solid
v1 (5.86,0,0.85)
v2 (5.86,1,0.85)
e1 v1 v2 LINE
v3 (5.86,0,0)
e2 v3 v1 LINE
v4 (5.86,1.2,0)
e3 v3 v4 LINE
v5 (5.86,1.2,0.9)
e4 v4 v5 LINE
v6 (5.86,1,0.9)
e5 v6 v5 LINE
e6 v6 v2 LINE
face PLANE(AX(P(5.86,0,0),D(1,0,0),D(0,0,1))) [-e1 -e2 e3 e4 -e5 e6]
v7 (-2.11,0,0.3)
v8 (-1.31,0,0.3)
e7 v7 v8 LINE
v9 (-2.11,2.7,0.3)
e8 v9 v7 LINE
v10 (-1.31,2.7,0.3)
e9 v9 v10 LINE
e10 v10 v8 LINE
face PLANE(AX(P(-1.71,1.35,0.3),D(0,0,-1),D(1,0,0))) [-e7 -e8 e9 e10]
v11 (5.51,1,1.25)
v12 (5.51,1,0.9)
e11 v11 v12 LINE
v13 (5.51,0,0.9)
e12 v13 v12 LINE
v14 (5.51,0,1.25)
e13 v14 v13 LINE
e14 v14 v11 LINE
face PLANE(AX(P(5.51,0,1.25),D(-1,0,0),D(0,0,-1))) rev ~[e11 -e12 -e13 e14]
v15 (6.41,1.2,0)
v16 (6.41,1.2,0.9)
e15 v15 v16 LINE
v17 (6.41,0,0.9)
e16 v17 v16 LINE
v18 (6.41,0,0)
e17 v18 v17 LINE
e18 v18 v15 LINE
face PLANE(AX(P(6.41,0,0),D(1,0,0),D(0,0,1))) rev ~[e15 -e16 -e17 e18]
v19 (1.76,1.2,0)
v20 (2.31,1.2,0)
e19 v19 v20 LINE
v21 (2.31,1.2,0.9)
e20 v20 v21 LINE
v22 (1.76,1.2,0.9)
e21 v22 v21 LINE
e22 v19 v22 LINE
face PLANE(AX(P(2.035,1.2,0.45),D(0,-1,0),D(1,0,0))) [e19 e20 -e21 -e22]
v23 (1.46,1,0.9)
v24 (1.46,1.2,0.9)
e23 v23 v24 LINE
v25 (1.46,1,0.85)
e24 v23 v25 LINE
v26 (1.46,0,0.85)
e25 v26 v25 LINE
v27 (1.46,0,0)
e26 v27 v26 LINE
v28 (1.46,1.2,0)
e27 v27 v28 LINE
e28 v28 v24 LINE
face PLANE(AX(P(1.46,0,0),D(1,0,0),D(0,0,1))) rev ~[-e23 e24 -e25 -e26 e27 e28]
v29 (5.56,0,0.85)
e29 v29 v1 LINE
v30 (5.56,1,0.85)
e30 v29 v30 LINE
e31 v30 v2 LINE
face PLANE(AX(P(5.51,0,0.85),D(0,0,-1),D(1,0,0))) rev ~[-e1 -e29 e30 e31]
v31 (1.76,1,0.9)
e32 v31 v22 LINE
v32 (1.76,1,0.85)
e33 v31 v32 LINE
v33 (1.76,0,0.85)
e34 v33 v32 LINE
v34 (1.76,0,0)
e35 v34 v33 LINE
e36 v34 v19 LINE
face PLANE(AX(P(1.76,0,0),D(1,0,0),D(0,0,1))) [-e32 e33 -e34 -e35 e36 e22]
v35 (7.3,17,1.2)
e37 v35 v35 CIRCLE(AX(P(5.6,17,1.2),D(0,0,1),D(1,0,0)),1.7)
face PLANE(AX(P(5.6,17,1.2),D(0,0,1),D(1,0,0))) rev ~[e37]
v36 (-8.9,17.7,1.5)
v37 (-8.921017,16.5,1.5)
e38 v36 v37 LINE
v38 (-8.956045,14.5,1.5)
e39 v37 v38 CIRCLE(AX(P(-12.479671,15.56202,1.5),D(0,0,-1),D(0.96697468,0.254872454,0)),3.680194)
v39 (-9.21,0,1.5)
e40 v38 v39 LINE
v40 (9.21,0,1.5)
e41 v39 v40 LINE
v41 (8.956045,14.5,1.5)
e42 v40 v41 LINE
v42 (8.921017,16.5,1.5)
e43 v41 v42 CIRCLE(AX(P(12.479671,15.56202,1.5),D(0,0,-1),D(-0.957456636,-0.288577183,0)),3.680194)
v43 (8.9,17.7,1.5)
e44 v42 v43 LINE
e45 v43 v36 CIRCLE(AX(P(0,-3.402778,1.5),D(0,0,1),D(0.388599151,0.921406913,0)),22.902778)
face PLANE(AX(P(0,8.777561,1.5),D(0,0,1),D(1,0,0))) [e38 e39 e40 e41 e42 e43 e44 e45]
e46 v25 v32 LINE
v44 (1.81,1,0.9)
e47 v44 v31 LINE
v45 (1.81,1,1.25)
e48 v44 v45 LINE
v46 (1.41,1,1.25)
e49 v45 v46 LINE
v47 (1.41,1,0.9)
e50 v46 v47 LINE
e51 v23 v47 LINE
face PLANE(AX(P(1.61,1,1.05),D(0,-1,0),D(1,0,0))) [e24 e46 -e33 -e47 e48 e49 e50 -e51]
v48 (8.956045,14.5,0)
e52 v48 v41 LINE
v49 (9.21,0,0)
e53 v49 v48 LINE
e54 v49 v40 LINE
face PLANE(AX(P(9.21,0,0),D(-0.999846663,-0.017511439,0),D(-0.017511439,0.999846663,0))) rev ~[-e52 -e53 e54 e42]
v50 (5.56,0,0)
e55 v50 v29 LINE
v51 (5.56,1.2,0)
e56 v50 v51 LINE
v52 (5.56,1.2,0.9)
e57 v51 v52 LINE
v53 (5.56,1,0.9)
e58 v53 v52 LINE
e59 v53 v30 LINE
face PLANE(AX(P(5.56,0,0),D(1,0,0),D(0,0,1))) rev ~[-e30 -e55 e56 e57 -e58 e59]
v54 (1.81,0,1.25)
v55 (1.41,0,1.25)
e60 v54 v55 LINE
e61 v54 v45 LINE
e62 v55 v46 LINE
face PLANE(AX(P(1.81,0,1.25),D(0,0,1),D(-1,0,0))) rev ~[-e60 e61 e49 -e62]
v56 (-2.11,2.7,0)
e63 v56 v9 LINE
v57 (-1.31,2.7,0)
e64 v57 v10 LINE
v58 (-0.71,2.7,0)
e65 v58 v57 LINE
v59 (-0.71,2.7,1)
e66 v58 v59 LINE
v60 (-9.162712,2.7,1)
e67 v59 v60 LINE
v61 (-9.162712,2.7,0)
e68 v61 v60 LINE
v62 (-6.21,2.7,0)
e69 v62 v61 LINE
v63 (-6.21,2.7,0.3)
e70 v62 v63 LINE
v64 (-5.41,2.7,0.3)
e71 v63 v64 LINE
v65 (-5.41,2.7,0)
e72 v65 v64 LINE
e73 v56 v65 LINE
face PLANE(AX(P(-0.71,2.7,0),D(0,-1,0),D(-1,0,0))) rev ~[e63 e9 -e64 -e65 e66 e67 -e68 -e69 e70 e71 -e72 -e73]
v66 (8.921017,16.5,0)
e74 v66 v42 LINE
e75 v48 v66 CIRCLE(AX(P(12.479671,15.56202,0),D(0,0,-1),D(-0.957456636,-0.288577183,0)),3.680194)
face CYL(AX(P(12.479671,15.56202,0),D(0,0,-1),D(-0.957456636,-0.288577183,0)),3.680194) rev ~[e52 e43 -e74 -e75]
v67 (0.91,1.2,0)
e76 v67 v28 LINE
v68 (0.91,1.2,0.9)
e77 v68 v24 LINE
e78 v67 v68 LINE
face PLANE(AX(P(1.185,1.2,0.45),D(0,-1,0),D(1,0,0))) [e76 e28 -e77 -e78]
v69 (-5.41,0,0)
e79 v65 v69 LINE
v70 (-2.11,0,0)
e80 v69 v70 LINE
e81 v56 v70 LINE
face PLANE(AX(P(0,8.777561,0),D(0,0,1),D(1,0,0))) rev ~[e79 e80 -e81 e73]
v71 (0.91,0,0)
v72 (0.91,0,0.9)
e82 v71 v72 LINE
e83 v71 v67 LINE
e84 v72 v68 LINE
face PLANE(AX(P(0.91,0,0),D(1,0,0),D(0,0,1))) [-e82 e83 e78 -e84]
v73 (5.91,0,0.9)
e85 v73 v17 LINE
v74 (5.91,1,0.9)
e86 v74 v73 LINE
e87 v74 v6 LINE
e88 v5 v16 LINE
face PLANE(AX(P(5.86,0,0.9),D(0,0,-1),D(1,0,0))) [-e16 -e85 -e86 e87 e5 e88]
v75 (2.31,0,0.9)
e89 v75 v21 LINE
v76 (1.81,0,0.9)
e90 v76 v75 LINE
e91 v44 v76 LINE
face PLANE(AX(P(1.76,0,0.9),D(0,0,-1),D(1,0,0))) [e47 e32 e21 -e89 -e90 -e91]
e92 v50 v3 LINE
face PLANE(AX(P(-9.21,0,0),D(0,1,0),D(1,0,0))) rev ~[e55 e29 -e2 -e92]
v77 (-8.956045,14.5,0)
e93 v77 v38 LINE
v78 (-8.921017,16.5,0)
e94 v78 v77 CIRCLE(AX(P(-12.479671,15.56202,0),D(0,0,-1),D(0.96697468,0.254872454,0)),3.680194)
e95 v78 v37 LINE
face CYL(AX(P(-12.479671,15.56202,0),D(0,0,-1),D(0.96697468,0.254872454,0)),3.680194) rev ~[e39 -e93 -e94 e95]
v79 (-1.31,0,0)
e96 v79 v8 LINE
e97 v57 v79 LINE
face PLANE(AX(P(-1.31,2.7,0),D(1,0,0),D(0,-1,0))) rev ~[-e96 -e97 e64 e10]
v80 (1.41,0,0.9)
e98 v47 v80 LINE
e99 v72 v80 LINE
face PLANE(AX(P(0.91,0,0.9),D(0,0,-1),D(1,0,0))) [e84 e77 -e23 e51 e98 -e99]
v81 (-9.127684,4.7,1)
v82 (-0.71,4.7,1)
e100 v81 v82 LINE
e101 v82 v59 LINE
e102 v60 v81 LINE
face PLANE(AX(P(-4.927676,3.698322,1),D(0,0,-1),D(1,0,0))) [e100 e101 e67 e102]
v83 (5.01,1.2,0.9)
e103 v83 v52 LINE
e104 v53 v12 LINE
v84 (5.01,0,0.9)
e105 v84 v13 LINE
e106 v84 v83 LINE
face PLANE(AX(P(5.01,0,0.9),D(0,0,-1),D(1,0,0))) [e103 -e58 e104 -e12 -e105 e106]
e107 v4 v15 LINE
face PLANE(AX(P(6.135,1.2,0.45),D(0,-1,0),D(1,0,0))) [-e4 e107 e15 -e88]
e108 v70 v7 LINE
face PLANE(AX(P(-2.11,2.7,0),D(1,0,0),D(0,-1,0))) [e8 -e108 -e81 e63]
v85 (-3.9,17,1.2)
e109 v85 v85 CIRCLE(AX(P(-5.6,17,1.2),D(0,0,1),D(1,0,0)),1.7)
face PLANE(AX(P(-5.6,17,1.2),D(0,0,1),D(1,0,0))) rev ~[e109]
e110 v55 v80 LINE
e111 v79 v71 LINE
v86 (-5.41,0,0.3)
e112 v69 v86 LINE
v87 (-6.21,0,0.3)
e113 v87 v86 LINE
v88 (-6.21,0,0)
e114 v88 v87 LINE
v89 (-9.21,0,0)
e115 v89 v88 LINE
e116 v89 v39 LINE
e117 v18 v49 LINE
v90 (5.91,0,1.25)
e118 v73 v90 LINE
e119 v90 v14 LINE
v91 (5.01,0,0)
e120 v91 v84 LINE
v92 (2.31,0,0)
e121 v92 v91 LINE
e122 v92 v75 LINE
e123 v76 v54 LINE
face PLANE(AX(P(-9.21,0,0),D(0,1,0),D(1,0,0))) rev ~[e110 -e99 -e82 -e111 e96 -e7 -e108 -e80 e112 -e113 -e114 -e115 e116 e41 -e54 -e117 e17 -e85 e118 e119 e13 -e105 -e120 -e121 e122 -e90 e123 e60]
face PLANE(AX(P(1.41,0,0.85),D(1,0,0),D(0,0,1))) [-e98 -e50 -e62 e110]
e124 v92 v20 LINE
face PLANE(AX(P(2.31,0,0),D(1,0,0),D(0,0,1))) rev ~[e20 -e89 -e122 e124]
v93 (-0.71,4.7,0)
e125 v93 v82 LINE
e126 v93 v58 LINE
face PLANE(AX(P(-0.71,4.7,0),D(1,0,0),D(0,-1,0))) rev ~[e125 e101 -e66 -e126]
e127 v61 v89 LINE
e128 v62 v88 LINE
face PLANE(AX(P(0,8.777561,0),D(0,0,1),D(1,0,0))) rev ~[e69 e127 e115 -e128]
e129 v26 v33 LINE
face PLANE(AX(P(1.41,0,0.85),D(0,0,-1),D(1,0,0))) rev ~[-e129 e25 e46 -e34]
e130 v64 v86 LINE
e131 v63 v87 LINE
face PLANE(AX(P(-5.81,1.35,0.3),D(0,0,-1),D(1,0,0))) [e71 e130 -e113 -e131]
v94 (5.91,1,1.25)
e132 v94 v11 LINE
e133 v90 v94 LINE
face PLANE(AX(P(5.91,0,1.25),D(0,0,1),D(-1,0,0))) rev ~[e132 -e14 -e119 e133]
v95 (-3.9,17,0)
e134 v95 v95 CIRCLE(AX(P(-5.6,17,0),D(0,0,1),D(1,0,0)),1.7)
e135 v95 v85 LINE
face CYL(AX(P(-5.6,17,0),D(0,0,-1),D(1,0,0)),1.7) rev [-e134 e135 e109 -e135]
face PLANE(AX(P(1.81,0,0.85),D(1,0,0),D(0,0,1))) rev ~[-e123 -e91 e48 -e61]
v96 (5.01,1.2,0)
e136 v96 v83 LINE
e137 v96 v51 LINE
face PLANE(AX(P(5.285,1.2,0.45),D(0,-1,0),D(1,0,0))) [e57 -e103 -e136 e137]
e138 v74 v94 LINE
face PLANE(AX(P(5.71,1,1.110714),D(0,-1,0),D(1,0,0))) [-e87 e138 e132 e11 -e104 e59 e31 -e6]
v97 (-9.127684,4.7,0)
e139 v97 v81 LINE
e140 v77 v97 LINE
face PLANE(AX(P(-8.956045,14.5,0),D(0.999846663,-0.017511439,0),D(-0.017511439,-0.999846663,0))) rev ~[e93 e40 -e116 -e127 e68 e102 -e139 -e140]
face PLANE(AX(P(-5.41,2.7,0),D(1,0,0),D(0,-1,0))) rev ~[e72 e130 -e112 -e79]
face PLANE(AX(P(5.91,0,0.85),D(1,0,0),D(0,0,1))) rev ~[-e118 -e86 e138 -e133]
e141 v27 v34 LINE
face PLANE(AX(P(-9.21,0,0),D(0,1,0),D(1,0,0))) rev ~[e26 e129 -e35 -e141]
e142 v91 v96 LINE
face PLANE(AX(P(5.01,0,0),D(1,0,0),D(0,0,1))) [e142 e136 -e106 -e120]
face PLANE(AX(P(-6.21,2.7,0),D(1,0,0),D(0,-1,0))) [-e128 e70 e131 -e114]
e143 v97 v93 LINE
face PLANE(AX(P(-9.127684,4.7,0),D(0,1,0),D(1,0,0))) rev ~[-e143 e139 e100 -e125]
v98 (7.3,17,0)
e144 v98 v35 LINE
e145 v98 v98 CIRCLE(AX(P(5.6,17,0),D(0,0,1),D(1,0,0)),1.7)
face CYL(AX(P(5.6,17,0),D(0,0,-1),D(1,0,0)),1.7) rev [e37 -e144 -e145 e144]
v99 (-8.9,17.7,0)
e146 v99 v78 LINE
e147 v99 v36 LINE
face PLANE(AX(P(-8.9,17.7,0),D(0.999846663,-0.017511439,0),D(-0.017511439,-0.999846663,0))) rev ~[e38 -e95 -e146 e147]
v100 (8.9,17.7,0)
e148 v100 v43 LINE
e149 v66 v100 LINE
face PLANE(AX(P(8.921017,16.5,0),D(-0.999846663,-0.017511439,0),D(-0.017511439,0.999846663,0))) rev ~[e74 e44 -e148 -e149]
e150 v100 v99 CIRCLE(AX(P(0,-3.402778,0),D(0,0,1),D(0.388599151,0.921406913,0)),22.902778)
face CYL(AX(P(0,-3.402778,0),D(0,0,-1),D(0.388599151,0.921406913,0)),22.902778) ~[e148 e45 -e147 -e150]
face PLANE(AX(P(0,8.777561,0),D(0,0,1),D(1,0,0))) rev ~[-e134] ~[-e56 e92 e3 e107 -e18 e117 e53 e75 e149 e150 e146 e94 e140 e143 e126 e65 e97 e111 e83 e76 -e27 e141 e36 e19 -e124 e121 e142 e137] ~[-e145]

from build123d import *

# Parameters (mm, degrees)
F1_DEPTH  = 1.5
F2_R      = 1.7
F3_DEPTH  = 1.2
F5_DEPTH  = 1
F6_W      = 0.8
F6_H      = 2.7
F7_DEPTH  = 0.3
F8_W      = 0.55
F8_H      = 0.9
F9_DEPTH  = 1.2
F10_W     = 0.3
F10_H     = 0.3
F10_W_2   = 0.0500000367
F10_H_2   = 0.05
F10_W_3   = 0.0499999633
F11_DEPTH = 1


with BuildPart() as f1:
    # F0 (on Top) → F1 (new body)
    with BuildSketch(Plane.XY):
        with BuildLine():
            Line((-8.9560451977, 14.5), (-9.21, 0))
            Line((-9.21, 0), (9.21, 0))
            Line((9.21, 0), (8.9560451977, 14.5))
            ThreePointArc((8.9560451977, 14.5), (8.8000416812, 15.4975744796), (8.9210169492, 16.5))
            Line((8.9210169492, 16.5), (8.9, 17.7))
            Line((8.9, 17.7), (-8.9, 17.7))
            Line((-8.9, 17.7), (-8.9210169492, 16.5))
            ThreePointArc((-8.9210169492, 16.5), (-8.8000416812, 15.4975744796), (-8.9560451977, 14.5))
        make_face()
        with BuildLine():
            ThreePointArc((8.9, 17.7), (0, 19.5), (-8.9, 17.7))
            Line((-8.9, 17.7), (8.9, 17.7))
        make_face()
    extrude(amount=F1_DEPTH)

    # F2 (on Top) → F3 (cut)
    with BuildSketch(Plane.XY):
        with Locations((5.6, 17)):
            Circle(F2_R)
        with Locations((-5.6, 17)):
            Circle(F2_R)
    extrude(amount=F3_DEPTH, mode=Mode.SUBTRACT)

    # F4 (on face) → F5 (cut)
    with BuildSketch(Plane(origin=(0, 0, 0), x_dir=(1, 0, 0), z_dir=(0, 0, -1))):
        Polygon((-9.1276836158, -4.7), (-0.71, -4.7), (-0.71, -2.7), (-9.1627118644, -2.7), align=None)
    extrude(amount=-F5_DEPTH, mode=Mode.SUBTRACT)

    # F6 (on face) → F7 (cut)
    with BuildSketch(Plane(origin=(0, 0, 0), x_dir=(1, 0, 0), z_dir=(0, 0, -1))):
        with Locations((-1.71, -1.35)):
            Rectangle(F6_W, F6_H)
        with Locations((-5.81, -1.35)):
            Rectangle(F6_W, F6_H)
    extrude(amount=-F7_DEPTH, mode=Mode.SUBTRACT)

    # F8 (on face) → F9 (cut)
    with BuildSketch(Plane.XZ):
        with Locations((6.135, 0.45)):
            Rectangle(F8_W, F8_H)
        with Locations((5.285, 0.45)):
            Rectangle(F8_W, F8_H)
        with Locations((1.185, 0.45)):
            Rectangle(F8_W, F8_H)
        with Locations((2.035, 0.45)):
            Rectangle(F8_W, F8_H)
    extrude(amount=-F9_DEPTH, mode=Mode.SUBTRACT)

    # F10 (on face) → F11 (cut)
    with BuildSketch(Plane.XZ):
        with Locations((1.6100000367, 1.05)):
            Rectangle(F10_W, F10_H)
        with Locations((1.7850000184, 0.875)):
            Rectangle(F10_W_2, F10_H_2)
        with Locations((1.61, 0.875)):
            Rectangle(F10_W, F10_H_2)
        with Locations((1.4350000184, 0.875)):
            Rectangle(F10_W_3, F10_H_2)
        Polygon((1.4100000367, 1.25), (1.4100000367, 0.9), (1.46, 0.9), (1.4600000367, 1.2), (1.7600000367, 1.2), (1.7600000367, 0.9), (1.8100000367, 0.9), (1.8100000367, 1.25), align=None)
        Polygon((5.5100000367, 1.25), (5.5100000367, 0.9), (5.56, 0.9), (5.5600000367, 1.2), (5.8600000367, 1.2), (5.8600000367, 0.9), (5.9100000367, 0.9), (5.9100000367, 1.25), align=None)
        with Locations((5.7100000367, 1.05)):
            Rectangle(F10_W, F10_H)
        with Locations((5.71, 0.875)):
            Rectangle(F10_W, F10_H_2)
        with Locations((5.8850000184, 0.875)):
            Rectangle(F10_W_2, F10_H_2)
        with Locations((5.5350000184, 0.875)):
            Rectangle(F10_W_3, F10_H_2)
    extrude(amount=-F11_DEPTH, mode=Mode.SUBTRACT)


solid = f1.part
